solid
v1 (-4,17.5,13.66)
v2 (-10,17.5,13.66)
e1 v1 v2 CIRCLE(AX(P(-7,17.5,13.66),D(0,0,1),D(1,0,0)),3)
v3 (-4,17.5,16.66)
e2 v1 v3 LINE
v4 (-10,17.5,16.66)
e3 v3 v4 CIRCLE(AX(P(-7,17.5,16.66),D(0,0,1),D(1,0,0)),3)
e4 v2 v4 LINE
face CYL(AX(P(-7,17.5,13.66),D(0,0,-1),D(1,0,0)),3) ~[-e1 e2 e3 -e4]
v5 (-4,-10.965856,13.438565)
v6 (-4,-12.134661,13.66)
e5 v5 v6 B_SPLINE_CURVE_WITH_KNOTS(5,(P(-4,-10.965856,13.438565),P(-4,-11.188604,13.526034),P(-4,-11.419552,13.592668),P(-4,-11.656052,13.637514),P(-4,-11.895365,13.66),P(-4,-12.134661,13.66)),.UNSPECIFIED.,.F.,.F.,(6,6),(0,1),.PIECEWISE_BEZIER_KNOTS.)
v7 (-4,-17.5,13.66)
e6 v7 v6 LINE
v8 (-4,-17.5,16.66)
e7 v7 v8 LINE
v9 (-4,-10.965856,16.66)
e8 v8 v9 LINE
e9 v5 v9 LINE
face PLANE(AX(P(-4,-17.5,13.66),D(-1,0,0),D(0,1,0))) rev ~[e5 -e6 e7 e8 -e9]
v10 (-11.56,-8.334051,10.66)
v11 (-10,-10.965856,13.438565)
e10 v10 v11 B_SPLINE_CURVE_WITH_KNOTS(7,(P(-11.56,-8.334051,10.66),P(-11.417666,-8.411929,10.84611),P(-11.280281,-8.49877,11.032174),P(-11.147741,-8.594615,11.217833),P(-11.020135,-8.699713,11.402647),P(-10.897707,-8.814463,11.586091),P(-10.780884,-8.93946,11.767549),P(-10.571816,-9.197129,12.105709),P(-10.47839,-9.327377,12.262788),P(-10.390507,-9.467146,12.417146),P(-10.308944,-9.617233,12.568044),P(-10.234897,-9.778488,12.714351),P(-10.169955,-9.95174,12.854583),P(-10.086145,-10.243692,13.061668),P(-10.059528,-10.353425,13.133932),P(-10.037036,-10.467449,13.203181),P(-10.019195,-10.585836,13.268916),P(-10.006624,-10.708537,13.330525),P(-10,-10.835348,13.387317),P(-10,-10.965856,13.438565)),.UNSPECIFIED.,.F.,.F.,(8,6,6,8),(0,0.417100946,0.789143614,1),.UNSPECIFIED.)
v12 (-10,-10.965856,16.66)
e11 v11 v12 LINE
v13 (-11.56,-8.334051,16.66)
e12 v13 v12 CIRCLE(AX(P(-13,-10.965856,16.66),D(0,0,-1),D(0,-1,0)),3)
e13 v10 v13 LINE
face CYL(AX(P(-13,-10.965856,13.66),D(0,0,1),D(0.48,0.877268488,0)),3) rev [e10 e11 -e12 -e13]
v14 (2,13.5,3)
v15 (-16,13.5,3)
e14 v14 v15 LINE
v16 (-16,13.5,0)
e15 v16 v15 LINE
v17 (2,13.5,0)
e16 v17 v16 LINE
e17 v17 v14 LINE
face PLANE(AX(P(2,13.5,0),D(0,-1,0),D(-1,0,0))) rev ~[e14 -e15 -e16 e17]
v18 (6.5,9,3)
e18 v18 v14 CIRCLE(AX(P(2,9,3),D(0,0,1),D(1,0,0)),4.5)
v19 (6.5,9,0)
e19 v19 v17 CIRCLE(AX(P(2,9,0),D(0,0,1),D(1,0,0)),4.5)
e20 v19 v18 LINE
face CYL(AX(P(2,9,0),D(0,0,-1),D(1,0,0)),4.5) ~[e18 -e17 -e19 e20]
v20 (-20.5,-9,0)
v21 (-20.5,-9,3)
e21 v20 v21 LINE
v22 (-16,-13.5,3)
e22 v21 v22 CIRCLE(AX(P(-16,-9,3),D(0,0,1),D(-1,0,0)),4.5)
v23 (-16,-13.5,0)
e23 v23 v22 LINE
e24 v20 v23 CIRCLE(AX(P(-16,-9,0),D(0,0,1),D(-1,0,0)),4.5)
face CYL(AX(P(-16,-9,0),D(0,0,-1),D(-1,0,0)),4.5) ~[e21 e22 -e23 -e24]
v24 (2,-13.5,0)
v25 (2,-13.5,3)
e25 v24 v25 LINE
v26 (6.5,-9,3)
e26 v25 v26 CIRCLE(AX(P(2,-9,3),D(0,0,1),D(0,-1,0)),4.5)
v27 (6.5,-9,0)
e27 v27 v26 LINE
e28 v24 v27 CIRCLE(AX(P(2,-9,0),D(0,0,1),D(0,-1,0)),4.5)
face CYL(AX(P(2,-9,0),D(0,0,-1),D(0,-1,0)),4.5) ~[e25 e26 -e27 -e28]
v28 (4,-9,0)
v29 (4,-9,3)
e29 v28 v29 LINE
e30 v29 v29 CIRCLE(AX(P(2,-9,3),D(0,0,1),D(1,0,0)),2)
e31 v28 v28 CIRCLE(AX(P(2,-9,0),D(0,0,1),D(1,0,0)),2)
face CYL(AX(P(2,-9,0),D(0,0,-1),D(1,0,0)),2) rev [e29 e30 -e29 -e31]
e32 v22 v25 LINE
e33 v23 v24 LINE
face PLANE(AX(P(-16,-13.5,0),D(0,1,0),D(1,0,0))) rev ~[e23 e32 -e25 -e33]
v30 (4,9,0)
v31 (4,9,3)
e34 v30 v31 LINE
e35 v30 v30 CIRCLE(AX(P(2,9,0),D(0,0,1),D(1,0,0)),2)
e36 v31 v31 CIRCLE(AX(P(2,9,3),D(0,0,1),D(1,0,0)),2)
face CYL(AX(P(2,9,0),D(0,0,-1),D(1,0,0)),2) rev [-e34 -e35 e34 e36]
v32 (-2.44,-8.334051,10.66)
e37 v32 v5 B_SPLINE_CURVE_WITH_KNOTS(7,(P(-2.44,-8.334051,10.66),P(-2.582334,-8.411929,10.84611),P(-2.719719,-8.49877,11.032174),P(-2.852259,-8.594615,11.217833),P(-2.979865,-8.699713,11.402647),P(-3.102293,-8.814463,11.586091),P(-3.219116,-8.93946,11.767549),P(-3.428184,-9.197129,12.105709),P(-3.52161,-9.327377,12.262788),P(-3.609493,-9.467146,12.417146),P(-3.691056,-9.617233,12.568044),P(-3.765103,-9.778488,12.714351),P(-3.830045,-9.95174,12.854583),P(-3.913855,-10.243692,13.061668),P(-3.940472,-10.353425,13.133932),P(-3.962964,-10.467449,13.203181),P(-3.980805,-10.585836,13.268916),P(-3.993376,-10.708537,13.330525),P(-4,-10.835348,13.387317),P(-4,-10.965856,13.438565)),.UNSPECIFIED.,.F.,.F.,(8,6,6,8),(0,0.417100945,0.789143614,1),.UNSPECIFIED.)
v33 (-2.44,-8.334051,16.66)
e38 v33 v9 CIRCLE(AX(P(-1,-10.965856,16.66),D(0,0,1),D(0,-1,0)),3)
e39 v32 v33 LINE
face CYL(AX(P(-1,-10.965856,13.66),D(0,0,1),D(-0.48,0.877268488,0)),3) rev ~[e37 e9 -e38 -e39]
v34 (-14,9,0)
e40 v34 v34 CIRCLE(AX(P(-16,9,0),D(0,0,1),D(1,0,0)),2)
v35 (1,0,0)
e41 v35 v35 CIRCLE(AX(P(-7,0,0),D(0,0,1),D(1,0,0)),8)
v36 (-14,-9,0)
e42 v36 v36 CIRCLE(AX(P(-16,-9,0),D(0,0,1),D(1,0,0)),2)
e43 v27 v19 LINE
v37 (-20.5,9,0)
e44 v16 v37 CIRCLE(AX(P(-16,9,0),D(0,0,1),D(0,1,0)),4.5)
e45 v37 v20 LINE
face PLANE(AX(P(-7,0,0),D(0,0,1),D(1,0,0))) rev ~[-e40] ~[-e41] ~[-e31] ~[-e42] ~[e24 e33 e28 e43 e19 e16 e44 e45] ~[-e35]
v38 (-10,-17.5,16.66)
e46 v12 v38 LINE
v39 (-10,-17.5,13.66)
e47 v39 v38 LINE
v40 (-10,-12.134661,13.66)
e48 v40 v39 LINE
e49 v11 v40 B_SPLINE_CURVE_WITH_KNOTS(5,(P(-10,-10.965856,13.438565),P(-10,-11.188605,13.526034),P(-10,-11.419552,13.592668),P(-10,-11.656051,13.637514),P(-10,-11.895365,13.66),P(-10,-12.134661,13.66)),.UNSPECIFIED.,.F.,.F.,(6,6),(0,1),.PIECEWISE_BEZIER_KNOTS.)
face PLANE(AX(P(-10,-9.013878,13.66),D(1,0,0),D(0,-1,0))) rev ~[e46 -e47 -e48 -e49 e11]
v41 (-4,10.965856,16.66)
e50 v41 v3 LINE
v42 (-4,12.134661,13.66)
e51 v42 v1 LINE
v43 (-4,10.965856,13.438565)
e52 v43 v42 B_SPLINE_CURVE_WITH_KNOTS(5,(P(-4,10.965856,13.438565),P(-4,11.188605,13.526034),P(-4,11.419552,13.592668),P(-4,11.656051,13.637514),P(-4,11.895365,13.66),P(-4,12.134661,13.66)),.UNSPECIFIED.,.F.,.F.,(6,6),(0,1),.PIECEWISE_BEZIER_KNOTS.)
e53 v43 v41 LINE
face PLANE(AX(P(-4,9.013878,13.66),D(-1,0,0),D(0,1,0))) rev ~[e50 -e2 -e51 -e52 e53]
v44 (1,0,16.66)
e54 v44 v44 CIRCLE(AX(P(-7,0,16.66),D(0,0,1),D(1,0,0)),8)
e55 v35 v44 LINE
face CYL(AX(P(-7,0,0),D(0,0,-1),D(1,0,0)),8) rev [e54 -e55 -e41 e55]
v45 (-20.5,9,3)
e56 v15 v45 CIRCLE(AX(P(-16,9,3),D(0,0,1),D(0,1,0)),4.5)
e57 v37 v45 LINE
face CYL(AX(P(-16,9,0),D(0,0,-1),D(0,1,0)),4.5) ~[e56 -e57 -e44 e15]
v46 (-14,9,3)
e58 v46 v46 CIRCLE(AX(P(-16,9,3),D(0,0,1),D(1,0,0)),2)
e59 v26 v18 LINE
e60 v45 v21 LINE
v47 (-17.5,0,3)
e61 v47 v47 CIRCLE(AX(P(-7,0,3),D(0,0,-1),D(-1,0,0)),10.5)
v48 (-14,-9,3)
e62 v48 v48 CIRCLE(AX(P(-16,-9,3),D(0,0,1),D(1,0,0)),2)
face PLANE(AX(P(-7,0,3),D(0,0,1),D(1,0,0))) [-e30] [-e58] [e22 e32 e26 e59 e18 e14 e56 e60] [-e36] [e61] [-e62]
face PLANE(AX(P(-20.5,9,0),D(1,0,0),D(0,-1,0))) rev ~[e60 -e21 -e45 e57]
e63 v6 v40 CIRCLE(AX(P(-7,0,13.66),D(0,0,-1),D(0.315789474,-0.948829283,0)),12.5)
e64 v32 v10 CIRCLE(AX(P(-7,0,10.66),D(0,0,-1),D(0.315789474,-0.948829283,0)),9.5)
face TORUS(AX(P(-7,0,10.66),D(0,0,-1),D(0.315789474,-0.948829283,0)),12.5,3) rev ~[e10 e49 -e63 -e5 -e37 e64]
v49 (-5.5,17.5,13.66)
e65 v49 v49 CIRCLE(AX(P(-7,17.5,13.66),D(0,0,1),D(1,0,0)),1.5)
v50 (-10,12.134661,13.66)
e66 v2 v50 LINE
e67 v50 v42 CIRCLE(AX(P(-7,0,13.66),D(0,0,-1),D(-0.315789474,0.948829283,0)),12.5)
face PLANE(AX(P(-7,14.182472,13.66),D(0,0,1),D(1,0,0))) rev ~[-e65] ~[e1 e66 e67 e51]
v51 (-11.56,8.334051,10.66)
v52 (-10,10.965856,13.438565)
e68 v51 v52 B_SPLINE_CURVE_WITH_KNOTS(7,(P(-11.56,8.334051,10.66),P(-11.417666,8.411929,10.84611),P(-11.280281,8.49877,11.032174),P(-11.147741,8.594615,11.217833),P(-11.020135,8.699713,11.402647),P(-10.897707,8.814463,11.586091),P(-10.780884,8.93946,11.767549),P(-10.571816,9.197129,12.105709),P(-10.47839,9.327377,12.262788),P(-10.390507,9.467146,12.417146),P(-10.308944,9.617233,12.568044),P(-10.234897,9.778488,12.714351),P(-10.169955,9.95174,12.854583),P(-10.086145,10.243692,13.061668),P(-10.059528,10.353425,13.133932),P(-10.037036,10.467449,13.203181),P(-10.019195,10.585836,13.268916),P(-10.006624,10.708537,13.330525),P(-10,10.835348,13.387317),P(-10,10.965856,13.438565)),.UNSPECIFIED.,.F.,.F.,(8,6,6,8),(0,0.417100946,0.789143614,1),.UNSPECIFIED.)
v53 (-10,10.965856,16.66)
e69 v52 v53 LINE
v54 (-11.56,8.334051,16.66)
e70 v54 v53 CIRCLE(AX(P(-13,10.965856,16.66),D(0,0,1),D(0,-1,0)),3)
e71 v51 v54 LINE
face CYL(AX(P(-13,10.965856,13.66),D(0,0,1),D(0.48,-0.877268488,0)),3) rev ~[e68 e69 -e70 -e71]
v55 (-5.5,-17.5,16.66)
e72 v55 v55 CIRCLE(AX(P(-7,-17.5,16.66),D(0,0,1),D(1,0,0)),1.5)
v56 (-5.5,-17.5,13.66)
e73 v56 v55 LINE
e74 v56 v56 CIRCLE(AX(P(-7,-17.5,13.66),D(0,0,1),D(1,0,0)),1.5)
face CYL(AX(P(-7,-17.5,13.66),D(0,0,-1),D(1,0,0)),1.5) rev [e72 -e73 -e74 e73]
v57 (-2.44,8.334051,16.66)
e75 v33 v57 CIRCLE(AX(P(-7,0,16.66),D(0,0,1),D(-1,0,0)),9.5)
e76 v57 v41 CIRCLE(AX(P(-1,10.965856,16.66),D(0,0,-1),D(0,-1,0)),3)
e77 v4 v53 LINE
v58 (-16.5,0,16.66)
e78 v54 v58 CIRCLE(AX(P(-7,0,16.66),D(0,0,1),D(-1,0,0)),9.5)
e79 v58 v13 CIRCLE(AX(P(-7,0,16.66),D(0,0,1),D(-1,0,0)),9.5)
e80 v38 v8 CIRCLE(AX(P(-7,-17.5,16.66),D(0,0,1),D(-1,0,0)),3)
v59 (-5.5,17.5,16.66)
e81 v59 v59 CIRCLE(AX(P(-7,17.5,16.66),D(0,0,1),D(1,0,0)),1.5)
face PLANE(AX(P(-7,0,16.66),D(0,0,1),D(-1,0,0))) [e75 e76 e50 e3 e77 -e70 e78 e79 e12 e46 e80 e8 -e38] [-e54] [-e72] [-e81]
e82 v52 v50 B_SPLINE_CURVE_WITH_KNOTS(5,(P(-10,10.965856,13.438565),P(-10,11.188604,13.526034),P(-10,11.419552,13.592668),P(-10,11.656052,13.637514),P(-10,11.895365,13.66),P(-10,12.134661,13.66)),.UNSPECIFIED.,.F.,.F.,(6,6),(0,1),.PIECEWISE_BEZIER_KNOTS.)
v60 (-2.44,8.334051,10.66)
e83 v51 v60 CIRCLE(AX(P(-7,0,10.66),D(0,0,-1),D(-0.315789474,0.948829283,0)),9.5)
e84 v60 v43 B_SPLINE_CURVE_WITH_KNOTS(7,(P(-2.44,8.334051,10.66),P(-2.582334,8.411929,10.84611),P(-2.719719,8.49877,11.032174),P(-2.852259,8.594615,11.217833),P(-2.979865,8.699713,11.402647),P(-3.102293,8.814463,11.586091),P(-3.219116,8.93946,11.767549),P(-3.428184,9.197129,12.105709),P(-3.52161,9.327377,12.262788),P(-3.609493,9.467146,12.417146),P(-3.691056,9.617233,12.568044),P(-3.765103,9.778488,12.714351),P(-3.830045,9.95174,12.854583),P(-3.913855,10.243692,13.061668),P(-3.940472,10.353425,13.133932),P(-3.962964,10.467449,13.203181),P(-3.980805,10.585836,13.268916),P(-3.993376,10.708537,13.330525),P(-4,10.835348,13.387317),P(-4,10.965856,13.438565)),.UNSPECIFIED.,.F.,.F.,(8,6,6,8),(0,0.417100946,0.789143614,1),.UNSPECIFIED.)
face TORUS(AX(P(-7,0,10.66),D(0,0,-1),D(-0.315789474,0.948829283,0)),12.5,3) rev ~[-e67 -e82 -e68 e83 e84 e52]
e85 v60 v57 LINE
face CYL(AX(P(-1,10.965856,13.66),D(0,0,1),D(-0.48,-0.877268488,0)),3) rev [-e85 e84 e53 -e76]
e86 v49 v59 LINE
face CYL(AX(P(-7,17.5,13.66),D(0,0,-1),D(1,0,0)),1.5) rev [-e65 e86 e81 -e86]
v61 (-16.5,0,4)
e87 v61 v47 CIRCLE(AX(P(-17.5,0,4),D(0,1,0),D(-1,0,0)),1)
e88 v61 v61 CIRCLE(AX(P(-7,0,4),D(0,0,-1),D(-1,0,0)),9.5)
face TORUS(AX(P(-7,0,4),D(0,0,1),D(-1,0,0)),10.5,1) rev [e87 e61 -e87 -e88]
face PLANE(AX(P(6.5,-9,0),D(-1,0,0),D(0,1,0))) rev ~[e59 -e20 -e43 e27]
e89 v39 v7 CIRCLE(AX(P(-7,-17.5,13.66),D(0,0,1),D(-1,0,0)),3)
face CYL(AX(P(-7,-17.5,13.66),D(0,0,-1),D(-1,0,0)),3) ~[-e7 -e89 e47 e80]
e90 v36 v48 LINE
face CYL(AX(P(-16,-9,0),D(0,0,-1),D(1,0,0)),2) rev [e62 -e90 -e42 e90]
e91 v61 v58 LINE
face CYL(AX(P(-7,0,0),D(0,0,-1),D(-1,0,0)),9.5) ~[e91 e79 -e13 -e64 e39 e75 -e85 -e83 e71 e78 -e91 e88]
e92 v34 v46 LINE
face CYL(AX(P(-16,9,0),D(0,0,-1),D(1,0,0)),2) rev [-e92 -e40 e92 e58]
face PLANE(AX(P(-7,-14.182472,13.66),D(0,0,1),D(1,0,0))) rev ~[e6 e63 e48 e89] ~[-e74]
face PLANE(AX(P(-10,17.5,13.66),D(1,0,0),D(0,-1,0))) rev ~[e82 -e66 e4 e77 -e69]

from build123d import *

# Parameters (mm, degrees)
SKETCH1_R           = 8
SKETCH1_R_2         = 2
BOSS_EXTRUDE1_DEPTH = 3
SKETCH2_R           = 9.5
SKETCH2_R_2         = 8
BOSS_EXTRUDE2_DEPTH = 16.66
BOSS_EXTRUDE3_START = -3
SKETCH3_R           = 1.5
BOSS_EXTRUDE3_DEPTH = 3
FILLET1_R           = 3
FILLET2_R           = 1


with BuildPart() as part:
    # Sketch1 → Boss-Extrude1 (new body)
    with BuildSketch(Plane.XY):
        with BuildLine():
            Line((-16, -13.5), (2, -13.5))
            ThreePointArc((2, -13.5), (5.181980515, -12.181980515), (6.5, -9))
            Line((6.5, -9), (6.5, 9))
            ThreePointArc((6.5, 9), (5.181980515, 12.181980515), (2, 13.5))
            Line((2, 13.5), (-16, 13.5))
            ThreePointArc((-16, 13.5), (-19.181980515, 12.181980515), (-20.5, 9))
            Line((-20.5, 9), (-20.5, -9))
            ThreePointArc((-20.5, -9), (-19.181980515, -12.181980515), (-16, -13.5))
        make_face()
        with Locations((-7, 0)):
            Circle(SKETCH1_R, mode=Mode.SUBTRACT)
        with Locations((-16, 9)):
            Circle(SKETCH1_R_2, mode=Mode.SUBTRACT)
        with Locations((2, 9)):
            Circle(SKETCH1_R_2, mode=Mode.SUBTRACT)
        with Locations((2, -9)):
            Circle(SKETCH1_R_2, mode=Mode.SUBTRACT)
        with Locations((-16, -9)):
            Circle(SKETCH1_R_2, mode=Mode.SUBTRACT)
    extrude(amount=BOSS_EXTRUDE1_DEPTH)

    # Sketch2 → Boss-Extrude2 (add)
    with BuildSketch(Plane.XY):
        with Locations(Location((-7, 0, 0), (0, 0, 180))):
            Circle(SKETCH2_R)
        with Locations((-7, 0)):
            Circle(SKETCH2_R_2, mode=Mode.SUBTRACT)
    extrude(amount=BOSS_EXTRUDE2_DEPTH)

    # Sketch3 → Boss-Extrude3 (add)
    # profile 1 of 2: a face of its own
    with BuildSketch(Plane.XY.offset(16.66).offset(BOSS_EXTRUDE3_START)):
        with BuildLine():
            Line((-4, 9.013878189), (-4, 17.5))
            ThreePointArc((-4, 17.5), (-7, 20.5), (-10, 17.5))
            Line((-10, 17.5), (-10, 9.013878189))
            ThreePointArc((-10, 9.013878189), (-7, 9.5), (-4, 9.013878189))
        make_face()
        with Locations((-7, 17.5)):
            Circle(SKETCH3_R, mode=Mode.SUBTRACT)
    # profile 2 of 2: a face of its own
    with BuildSketch(Plane.XY.offset(16.66).offset(BOSS_EXTRUDE3_START)):
        with BuildLine():
            Line((-10, -9.013878189), (-10, -17.5))
            ThreePointArc((-10, -17.5), (-7, -20.5), (-4, -17.5))
            Line((-4, -17.5), (-4, -9.013878189))
            ThreePointArc((-4, -9.013878189), (-7, -9.5), (-10, -9.013878189))
        make_face()
        with Locations((-7, -17.5)):
            Circle(SKETCH3_R, mode=Mode.SUBTRACT)
    extrude(amount=BOSS_EXTRUDE3_DEPTH)

    # Fillet1
    fillet1_edges = [part.edges().sort_by_distance(p)[0] for p in [
        (-10, -9.013878189, 15.16),
        (-4, -9.013878189, 15.16),
        (-7, -9.5, 13.66),
        (-4, 9.013878189, 15.16),
        (-10, 9.013878189, 15.16),
        (-7, 9.5, 13.66),
    ]]
    fillet(fillet1_edges, radius=FILLET1_R)

    # Fillet2
    fillet2_edges = [part.edges().sort_by_distance(p)[0] for p in [
        (2.5, 0, 3),
    ]]
    fillet(fillet2_edges, radius=FILLET2_R)


solid = part.part
